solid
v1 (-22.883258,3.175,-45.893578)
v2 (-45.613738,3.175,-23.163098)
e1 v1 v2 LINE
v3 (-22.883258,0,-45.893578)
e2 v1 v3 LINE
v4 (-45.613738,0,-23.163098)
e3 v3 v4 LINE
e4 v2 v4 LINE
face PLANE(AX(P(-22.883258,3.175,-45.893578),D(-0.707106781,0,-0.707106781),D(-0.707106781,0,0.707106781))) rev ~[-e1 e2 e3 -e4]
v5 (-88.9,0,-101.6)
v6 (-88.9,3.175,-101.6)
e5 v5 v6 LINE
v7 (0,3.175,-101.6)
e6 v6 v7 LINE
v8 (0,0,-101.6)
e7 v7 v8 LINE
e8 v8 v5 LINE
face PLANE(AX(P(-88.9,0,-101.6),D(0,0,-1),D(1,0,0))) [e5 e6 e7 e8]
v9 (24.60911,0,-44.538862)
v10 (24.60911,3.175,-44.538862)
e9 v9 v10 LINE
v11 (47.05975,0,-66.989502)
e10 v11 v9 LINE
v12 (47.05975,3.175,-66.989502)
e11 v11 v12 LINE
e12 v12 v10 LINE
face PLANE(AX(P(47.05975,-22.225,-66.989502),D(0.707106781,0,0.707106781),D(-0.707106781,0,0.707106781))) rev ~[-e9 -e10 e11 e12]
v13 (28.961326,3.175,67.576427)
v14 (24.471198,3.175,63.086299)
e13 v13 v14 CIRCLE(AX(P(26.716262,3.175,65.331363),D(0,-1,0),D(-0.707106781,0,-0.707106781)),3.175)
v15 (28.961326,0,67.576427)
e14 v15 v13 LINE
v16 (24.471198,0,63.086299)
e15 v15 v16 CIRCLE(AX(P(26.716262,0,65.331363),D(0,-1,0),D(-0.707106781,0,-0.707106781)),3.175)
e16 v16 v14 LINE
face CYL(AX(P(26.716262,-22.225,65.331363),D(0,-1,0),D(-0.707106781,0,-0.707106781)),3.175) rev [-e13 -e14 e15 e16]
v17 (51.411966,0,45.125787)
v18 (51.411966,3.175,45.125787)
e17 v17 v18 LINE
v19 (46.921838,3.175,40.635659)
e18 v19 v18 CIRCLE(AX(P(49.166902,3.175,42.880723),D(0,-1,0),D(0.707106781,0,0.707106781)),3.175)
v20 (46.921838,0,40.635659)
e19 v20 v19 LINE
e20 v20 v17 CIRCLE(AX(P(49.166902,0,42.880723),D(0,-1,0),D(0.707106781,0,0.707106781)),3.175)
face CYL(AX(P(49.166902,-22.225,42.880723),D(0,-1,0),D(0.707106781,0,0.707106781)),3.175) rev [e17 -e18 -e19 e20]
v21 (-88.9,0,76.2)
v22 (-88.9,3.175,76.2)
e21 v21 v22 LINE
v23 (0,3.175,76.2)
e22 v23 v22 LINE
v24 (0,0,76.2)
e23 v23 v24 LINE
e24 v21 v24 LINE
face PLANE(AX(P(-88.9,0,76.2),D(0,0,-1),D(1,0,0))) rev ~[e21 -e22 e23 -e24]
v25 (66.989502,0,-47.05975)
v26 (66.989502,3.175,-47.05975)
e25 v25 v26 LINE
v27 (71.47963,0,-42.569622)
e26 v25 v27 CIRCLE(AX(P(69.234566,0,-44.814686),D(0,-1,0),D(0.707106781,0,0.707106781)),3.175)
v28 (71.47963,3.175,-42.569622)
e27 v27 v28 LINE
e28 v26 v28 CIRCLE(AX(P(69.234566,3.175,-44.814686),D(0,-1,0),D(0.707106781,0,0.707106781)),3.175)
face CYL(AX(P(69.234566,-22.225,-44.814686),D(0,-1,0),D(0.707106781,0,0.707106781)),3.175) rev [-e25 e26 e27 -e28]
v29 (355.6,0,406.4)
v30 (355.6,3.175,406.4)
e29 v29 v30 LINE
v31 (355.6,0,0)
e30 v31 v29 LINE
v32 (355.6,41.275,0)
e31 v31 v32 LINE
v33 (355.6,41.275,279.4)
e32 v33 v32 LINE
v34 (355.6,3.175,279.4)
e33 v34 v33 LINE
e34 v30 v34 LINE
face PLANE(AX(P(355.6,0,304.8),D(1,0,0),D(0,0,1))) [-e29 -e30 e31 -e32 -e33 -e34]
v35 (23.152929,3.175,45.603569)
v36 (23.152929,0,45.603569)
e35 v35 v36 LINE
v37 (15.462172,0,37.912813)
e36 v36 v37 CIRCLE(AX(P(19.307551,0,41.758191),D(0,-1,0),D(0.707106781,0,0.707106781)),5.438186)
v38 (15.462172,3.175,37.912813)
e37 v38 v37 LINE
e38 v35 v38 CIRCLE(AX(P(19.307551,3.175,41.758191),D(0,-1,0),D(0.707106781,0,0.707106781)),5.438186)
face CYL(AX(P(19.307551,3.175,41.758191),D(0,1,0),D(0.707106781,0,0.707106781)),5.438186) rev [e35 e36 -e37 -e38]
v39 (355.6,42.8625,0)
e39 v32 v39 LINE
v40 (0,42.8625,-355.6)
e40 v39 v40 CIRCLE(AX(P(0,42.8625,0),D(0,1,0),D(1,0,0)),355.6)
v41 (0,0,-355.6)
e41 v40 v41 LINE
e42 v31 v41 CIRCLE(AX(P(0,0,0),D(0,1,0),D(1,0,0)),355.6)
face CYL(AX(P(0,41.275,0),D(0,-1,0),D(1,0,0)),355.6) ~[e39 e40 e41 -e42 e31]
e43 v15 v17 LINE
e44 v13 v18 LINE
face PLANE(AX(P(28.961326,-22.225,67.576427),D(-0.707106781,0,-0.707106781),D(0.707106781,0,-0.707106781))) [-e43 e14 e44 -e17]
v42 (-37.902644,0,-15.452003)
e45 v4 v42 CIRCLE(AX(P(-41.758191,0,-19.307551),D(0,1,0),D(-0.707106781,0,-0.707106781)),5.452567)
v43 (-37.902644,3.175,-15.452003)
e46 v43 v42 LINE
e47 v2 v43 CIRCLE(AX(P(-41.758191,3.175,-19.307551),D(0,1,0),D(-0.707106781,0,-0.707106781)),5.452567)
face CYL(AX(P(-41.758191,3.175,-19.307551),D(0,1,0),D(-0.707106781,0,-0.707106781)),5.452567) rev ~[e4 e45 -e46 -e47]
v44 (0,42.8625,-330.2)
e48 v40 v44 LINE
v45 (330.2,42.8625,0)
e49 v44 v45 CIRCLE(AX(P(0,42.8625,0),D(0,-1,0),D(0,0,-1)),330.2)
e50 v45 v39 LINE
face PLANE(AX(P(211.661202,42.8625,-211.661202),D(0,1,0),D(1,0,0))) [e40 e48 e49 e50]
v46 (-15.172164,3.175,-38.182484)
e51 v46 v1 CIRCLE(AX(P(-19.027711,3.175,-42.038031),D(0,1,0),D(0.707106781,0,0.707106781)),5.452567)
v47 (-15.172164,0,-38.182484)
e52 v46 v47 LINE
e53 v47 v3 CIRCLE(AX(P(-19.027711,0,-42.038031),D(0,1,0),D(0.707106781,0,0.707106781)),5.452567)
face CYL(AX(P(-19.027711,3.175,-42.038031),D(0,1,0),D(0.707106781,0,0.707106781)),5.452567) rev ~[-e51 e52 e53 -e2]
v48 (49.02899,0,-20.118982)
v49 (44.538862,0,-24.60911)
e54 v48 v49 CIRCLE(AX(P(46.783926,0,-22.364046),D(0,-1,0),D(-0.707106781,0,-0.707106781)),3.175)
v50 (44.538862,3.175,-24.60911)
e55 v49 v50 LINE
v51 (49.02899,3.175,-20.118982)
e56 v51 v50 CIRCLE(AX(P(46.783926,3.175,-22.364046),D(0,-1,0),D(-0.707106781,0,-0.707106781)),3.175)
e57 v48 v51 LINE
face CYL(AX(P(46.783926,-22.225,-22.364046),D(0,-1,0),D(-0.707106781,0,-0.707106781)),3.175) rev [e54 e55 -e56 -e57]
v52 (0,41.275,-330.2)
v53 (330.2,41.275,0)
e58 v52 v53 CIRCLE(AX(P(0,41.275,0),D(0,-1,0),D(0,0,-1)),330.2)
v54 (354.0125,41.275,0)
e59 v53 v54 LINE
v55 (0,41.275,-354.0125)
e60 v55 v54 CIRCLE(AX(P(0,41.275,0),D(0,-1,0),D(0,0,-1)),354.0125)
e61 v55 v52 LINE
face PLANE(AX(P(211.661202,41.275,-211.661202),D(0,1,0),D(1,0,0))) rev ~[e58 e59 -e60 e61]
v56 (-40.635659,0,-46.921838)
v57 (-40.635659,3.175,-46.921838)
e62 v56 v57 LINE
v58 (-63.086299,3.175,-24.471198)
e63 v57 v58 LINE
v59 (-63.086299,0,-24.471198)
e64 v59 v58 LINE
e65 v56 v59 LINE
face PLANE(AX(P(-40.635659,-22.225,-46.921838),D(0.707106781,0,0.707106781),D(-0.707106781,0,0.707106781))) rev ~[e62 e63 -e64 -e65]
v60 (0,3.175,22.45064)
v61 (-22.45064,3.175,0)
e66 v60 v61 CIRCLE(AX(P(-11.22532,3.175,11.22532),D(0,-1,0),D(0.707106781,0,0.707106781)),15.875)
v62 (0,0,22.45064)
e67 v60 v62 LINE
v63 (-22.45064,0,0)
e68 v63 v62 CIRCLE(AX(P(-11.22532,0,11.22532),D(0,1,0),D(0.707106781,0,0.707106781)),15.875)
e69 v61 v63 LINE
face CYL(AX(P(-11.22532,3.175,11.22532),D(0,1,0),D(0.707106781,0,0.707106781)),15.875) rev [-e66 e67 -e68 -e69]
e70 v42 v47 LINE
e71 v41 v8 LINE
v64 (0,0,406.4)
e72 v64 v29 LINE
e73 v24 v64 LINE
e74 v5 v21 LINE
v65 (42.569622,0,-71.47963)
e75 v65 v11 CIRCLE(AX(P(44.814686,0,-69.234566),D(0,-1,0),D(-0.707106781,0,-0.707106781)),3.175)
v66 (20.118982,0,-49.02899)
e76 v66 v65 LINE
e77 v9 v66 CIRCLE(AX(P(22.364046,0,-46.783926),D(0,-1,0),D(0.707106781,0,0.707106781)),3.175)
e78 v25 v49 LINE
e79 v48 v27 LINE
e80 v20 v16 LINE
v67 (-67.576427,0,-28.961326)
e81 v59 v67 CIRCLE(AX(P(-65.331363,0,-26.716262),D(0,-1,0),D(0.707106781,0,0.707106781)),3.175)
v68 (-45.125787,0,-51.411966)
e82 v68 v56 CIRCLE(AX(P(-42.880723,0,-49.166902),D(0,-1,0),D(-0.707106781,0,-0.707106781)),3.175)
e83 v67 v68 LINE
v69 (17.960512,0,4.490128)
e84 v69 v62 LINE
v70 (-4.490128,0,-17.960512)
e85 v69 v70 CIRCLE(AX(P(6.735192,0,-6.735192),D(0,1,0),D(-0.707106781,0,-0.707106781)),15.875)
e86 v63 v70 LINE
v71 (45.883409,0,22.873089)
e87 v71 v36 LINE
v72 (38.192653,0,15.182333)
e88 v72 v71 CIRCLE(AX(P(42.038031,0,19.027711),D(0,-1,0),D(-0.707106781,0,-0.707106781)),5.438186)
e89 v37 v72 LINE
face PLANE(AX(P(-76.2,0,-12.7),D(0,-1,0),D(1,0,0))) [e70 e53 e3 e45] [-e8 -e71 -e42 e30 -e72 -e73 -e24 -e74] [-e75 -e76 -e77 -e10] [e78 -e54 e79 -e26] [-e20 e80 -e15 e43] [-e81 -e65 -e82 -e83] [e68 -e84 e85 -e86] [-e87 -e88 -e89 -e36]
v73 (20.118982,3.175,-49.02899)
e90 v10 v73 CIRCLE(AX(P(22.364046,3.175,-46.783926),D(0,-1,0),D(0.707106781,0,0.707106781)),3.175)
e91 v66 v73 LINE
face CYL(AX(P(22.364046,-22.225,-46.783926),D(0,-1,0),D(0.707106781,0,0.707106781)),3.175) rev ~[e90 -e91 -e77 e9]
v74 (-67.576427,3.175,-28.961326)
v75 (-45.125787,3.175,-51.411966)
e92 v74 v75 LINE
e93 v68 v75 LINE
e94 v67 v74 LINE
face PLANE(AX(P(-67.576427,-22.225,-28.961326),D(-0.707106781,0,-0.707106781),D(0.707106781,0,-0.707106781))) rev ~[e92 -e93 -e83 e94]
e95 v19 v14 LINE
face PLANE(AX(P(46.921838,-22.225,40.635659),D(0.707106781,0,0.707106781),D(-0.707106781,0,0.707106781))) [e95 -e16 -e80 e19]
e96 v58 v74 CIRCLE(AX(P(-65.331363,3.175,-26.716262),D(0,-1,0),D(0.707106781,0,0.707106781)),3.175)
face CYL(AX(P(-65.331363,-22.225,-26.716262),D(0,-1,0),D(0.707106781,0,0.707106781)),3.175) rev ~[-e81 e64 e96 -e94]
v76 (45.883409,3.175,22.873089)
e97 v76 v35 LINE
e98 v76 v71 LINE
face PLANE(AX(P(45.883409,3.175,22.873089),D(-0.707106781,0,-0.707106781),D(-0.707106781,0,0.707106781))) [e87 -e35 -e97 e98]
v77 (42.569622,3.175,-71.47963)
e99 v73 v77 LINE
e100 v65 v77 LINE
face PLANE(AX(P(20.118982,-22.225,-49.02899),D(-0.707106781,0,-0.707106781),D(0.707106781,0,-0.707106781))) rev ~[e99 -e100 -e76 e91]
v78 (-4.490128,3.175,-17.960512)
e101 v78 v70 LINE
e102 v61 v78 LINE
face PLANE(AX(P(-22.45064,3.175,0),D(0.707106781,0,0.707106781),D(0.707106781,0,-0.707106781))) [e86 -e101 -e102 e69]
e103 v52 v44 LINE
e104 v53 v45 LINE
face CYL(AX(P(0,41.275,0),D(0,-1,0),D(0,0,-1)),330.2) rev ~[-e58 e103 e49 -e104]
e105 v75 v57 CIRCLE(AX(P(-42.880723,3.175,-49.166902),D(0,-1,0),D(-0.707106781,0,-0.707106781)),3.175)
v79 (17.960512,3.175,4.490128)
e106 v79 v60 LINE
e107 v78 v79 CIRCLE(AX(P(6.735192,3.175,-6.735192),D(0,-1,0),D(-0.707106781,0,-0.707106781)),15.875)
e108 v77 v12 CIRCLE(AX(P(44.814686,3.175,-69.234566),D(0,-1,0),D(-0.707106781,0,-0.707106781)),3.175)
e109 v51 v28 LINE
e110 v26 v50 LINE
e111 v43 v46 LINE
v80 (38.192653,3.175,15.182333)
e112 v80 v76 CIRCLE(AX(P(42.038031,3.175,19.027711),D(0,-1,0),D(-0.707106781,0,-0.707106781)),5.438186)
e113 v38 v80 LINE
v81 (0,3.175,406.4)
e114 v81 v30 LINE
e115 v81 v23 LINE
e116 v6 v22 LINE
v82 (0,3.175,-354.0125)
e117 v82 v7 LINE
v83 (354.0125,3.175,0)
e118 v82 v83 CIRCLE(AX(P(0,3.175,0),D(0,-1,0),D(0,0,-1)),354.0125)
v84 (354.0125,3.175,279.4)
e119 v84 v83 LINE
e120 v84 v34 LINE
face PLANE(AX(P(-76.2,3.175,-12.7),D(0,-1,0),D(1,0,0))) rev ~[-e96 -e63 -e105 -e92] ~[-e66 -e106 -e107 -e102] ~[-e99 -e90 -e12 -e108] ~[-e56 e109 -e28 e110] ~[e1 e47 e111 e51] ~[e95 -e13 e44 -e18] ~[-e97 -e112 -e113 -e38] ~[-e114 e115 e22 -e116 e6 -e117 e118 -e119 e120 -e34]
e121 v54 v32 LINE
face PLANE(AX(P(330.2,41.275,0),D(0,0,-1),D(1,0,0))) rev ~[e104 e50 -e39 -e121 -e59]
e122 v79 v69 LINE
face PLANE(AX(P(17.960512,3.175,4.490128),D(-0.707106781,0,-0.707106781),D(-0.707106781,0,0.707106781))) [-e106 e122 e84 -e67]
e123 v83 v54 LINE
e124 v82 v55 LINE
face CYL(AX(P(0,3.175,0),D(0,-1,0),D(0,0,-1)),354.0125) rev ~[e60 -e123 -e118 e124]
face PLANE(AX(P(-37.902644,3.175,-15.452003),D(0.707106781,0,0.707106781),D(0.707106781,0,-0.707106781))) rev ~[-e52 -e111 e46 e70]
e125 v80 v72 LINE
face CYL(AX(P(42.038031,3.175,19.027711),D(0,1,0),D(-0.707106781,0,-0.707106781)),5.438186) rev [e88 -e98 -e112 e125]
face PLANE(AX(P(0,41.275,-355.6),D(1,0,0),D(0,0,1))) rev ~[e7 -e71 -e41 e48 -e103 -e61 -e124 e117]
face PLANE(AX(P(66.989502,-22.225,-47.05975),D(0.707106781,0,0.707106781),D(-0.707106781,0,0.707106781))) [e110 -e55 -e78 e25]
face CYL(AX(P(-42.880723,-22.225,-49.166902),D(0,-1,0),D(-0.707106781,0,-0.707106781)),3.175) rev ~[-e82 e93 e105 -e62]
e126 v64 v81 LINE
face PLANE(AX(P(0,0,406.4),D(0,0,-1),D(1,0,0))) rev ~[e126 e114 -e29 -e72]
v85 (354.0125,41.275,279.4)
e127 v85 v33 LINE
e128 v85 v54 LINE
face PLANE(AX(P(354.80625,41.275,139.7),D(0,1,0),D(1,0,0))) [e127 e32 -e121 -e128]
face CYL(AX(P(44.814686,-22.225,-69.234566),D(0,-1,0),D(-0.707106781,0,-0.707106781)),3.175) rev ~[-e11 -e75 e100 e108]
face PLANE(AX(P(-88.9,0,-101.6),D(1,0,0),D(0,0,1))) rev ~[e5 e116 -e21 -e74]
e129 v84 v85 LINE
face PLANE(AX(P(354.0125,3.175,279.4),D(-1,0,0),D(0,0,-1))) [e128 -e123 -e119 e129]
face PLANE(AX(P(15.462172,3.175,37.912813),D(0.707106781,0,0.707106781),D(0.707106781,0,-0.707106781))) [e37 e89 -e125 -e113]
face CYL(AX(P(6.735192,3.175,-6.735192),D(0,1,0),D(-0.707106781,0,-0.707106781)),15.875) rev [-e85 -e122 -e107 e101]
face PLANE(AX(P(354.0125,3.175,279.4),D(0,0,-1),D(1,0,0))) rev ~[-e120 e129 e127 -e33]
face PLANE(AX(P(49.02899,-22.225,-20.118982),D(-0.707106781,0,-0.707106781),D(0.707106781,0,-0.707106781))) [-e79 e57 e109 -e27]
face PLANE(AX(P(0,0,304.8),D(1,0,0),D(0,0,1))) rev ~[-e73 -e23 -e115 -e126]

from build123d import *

# Parameters (mm, degrees)
BOSS_EXTRUDE1_DEPTH  = 3.175
BOSS_EXTRUDE2_DEPTH  = 38.1
SKETCH4_W            = 1.5875
SKETCH4_H            = 279.4
BOSS_EXTRUDE3_DEPTH  = 38.1
SKETCH6_R            = 1.5875
CUT_EXTRUDE1_DEPTH   = 19.05
SKETCH10_W           = 101.6
SKETCH10_H           = 3.175
BOSS_EXTRUDE5_DEPTH  = 63.5
SKETCH12_W           = 355.6
SKETCH12_H           = 101.6
BOSS_EXTRUDE6_DEPTH  = 3.175
SKETCH13_W           = 63.5
SKETCH13_H           = 63.5
SKETCH13_H_2         = 12.7
BOSS_EXTRUDE7_DEPTH  = 3.175
CUT_EXTRUDE3_DEPTH   = 38.1
BOSS_EXTRUDE10_DEPTH = 1.5875
CUT_EXTRUDE5_DEPTH   = 3.175
SKETCH22_W           = 25.4
SKETCH22_H           = 177.8
BOSS_EXTRUDE11_DEPTH = 3.175
CUT_EXTRUDE6_DEPTH   = 33.02


with BuildPart() as part:
    # Sketch2 → Boss-Extrude1 (new body)
    with BuildSketch(Plane(origin=(0, 0, 0), x_dir=(1, 0, 0), z_dir=(0, 1, 0))):
        with BuildLine():
            Line((0, 355.6), (0, 0))
            Line((0, 0), (0, -304.8))
            Line((0, -304.8), (355.6, -304.8))
            Line((355.6, -304.8), (355.6, 0))
            ThreePointArc((355.6, 0), (251.44717139, 251.44717139), (0, 355.6))
        make_face()
    extrude(amount=BOSS_EXTRUDE1_DEPTH)

    # Sketch3 → Boss-Extrude2 (add)
    with BuildSketch(Plane(origin=(0, 3.175, 0), x_dir=(1, 0, 0), z_dir=(0, 1, 0))):
        with BuildLine():
            Line((0, 355.6), (0, 354.0125))
            ThreePointArc((0, 354.0125), (250.324639375, 250.324639375), (354.0125, 0))
            Line((354.0125, 0), (355.6, 0))
            ThreePointArc((355.6, 0), (251.44717139, 251.44717139), (0, 355.6))
        make_face()
    extrude(amount=BOSS_EXTRUDE2_DEPTH)

    # Sketch4 → Boss-Extrude3 (add)
    with BuildSketch(Plane(origin=(0, 3.175, 0), x_dir=(1, 0, 0), z_dir=(0, 1, 0))):
        with Locations((354.80625, -139.7)):
            Rectangle(SKETCH4_W, SKETCH4_H)
    extrude(amount=BOSS_EXTRUDE3_DEPTH)

    # Sketch6 → Cut-Extrude1 (cut)
    with BuildSketch(Plane(origin=(0, 3.175, 0), x_dir=(1, 0, 0), z_dir=(0, 1, 0))):
        Circle(SKETCH6_R)
    extrude(amount=-CUT_EXTRUDE1_DEPTH, mode=Mode.SUBTRACT)

    # Sketch10 → Boss-Extrude5 (add)
    with BuildSketch(Plane.ZY):
        with Locations((12.7, 1.5875)):
            Rectangle(SKETCH10_W, SKETCH10_H)
    extrude(amount=BOSS_EXTRUDE5_DEPTH)

    # Sketch12 → Boss-Extrude6 (add)
    with BuildSketch(Plane.XZ):
        with Locations((177.8, 355.6)):
            Rectangle(SKETCH12_W, SKETCH12_H)
    extrude(amount=-BOSS_EXTRUDE6_DEPTH)

    # Sketch13 → Boss-Extrude7 (add)
    with BuildSketch(Plane(origin=(0, 3.175, 0), x_dir=(1, 0, 0), z_dir=(0, 1, 0))):
        with Locations((-31.75, 69.85)):
            Rectangle(SKETCH13_W, SKETCH13_H)
        with Locations((-31.75, -69.85)):
            Rectangle(SKETCH13_W, SKETCH13_H_2)
    extrude(amount=-BOSS_EXTRUDE7_DEPTH)

    # Sketch11 → Cut-Extrude3 (cut)
    with BuildSketch(Plane(origin=(0, 3.175, 0), x_dir=(1, 0, 0), z_dir=(0, 1, 0))):
        with BuildLine():
            Line((-22.450640303, 0), (-4.490128061, 17.960512242))
            ThreePointArc((-4.490128061, 17.960512242), (17.960512242, 17.960512242), (17.960512242, -4.490128061))
            Line((17.960512242, -4.490128061), (0, -22.450640303))
            ThreePointArc((0, -22.450640303), (-22.450640303, -22.450640303), (-22.450640303, 0))
        make_face()
    extrude(amount=-CUT_EXTRUDE3_DEPTH, mode=Mode.SUBTRACT)

    # Sketch18 → Boss-Extrude10 (add)
    with BuildSketch(Plane(origin=(0, 41.275, 0), x_dir=(1, 0, 0), z_dir=(0, 1, 0))):
        with BuildLine():
            Line((0, 355.6), (0, 330.2))
            ThreePointArc((0, 330.2), (233.486659148, 233.486659148), (330.2, 0))
            Line((330.2, 0), (355.6, 0))
            ThreePointArc((355.6, 0), (251.44717139, 251.44717139), (0, 355.6))
        make_face()
    extrude(amount=BOSS_EXTRUDE10_DEPTH)

    # Sketch19 → Cut-Extrude5 (cut)
    with BuildSketch(Plane(origin=(44.866081356, 3.175, 35.384906035), x_dir=(-0.707106781186549, 0, -0.7071067811865461), z_dir=(0, 1, 0))):
        with BuildLine():
            Line((19.004203404, 22.579203363), (19.004203404, -9.566550011))
            ThreePointArc((19.004203404, -9.566550011), (13.566017381, -15.004736034), (8.127831358, -9.566550011))
            Line((8.127831358, -9.566550011), (8.127831358, 22.579203363))
            ThreePointArc((8.127831358, 22.579203363), (13.566017381, 28.017389386), (19.004203404, 22.579203363))
        make_face()
        with BuildLine():
            Line((94.473450284, 22.579203363), (94.473450284, -9.566550011))
            ThreePointArc((94.473450284, -9.566550011), (99.926017381, -15.019117108), (105.378584479, -9.566550011))
            Line((105.378584479, -9.566550011), (105.378584479, 22.579203363))
            ThreePointArc((105.378584479, 22.579203363), (99.926017381, 28.03177046), (94.473450284, 22.579203363))
        make_face()
    extrude(amount=-CUT_EXTRUDE5_DEPTH, mode=Mode.SUBTRACT)

    # Sketch22 → Boss-Extrude11 (add)
    with BuildSketch(Plane.XZ):
        with Locations((-76.2, -12.7)):
            Rectangle(SKETCH22_W, SKETCH22_H)
    extrude(amount=-BOSS_EXTRUDE11_DEPTH)

    # Sketch20 → Cut-Extrude6 (cut)
    with BuildSketch(Plane(origin=(269.3998556, -22.225, -80.446532344), x_dir=(1, 0, 0), z_dir=(0, 1, 0))):
        with BuildLine():
            Line((-336.976282911, -51.485206353), (-314.525642608, -29.034566051))
            ThreePointArc((-314.525642608, -29.034566051), (-310.035514547, -29.034566051), (-310.035514547, -33.524694111))
            Line((-310.035514547, -33.524694111), (-332.48615485, -55.975334414))
            ThreePointArc((-332.48615485, -55.975334414), (-336.976282911, -55.975334414), (-336.976282911, -51.485206353))
        make_face()
        with BuildLine():
            Line((-240.438529609, -148.022959655), (-217.987889306, -125.572319352))
            ThreePointArc((-217.987889306, -125.572319352), (-217.987889306, -121.082191292), (-222.478017367, -121.082191292))
            Line((-222.478017367, -121.082191292), (-244.92865767, -143.532831594))
            ThreePointArc((-244.92865767, -143.532831594), (-244.92865767, -148.022959655), (-240.438529609, -148.022959655))
        make_face()
        with BuildLine():
            Line((-249.280873656, -31.417542155), (-226.830233353, -8.966901852))
            ThreePointArc((-226.830233353, -8.966901852), (-222.340105293, -8.966901852), (-222.340105293, -13.457029913))
            Line((-222.340105293, -13.457029913), (-244.790745596, -35.907670216))
            ThreePointArc((-244.790745596, -35.907670216), (-249.280873656, -35.907670216), (-249.280873656, -31.417542155))
        make_face()
        with BuildLine():
            Line((-220.370865411, -60.3275504), (-197.920225108, -37.876910098))
            ThreePointArc((-197.920225108, -37.876910098), (-197.920225108, -33.386782037), (-202.410353169, -33.386782037))
            Line((-202.410353169, -33.386782037), (-224.860993471, -55.83742234))
            ThreePointArc((-224.860993471, -55.83742234), (-224.860993471, -60.3275504), (-220.370865411, -60.3275504))
        make_face()
    extrude(amount=CUT_EXTRUDE6_DEPTH, mode=Mode.SUBTRACT)


solid = part.part
